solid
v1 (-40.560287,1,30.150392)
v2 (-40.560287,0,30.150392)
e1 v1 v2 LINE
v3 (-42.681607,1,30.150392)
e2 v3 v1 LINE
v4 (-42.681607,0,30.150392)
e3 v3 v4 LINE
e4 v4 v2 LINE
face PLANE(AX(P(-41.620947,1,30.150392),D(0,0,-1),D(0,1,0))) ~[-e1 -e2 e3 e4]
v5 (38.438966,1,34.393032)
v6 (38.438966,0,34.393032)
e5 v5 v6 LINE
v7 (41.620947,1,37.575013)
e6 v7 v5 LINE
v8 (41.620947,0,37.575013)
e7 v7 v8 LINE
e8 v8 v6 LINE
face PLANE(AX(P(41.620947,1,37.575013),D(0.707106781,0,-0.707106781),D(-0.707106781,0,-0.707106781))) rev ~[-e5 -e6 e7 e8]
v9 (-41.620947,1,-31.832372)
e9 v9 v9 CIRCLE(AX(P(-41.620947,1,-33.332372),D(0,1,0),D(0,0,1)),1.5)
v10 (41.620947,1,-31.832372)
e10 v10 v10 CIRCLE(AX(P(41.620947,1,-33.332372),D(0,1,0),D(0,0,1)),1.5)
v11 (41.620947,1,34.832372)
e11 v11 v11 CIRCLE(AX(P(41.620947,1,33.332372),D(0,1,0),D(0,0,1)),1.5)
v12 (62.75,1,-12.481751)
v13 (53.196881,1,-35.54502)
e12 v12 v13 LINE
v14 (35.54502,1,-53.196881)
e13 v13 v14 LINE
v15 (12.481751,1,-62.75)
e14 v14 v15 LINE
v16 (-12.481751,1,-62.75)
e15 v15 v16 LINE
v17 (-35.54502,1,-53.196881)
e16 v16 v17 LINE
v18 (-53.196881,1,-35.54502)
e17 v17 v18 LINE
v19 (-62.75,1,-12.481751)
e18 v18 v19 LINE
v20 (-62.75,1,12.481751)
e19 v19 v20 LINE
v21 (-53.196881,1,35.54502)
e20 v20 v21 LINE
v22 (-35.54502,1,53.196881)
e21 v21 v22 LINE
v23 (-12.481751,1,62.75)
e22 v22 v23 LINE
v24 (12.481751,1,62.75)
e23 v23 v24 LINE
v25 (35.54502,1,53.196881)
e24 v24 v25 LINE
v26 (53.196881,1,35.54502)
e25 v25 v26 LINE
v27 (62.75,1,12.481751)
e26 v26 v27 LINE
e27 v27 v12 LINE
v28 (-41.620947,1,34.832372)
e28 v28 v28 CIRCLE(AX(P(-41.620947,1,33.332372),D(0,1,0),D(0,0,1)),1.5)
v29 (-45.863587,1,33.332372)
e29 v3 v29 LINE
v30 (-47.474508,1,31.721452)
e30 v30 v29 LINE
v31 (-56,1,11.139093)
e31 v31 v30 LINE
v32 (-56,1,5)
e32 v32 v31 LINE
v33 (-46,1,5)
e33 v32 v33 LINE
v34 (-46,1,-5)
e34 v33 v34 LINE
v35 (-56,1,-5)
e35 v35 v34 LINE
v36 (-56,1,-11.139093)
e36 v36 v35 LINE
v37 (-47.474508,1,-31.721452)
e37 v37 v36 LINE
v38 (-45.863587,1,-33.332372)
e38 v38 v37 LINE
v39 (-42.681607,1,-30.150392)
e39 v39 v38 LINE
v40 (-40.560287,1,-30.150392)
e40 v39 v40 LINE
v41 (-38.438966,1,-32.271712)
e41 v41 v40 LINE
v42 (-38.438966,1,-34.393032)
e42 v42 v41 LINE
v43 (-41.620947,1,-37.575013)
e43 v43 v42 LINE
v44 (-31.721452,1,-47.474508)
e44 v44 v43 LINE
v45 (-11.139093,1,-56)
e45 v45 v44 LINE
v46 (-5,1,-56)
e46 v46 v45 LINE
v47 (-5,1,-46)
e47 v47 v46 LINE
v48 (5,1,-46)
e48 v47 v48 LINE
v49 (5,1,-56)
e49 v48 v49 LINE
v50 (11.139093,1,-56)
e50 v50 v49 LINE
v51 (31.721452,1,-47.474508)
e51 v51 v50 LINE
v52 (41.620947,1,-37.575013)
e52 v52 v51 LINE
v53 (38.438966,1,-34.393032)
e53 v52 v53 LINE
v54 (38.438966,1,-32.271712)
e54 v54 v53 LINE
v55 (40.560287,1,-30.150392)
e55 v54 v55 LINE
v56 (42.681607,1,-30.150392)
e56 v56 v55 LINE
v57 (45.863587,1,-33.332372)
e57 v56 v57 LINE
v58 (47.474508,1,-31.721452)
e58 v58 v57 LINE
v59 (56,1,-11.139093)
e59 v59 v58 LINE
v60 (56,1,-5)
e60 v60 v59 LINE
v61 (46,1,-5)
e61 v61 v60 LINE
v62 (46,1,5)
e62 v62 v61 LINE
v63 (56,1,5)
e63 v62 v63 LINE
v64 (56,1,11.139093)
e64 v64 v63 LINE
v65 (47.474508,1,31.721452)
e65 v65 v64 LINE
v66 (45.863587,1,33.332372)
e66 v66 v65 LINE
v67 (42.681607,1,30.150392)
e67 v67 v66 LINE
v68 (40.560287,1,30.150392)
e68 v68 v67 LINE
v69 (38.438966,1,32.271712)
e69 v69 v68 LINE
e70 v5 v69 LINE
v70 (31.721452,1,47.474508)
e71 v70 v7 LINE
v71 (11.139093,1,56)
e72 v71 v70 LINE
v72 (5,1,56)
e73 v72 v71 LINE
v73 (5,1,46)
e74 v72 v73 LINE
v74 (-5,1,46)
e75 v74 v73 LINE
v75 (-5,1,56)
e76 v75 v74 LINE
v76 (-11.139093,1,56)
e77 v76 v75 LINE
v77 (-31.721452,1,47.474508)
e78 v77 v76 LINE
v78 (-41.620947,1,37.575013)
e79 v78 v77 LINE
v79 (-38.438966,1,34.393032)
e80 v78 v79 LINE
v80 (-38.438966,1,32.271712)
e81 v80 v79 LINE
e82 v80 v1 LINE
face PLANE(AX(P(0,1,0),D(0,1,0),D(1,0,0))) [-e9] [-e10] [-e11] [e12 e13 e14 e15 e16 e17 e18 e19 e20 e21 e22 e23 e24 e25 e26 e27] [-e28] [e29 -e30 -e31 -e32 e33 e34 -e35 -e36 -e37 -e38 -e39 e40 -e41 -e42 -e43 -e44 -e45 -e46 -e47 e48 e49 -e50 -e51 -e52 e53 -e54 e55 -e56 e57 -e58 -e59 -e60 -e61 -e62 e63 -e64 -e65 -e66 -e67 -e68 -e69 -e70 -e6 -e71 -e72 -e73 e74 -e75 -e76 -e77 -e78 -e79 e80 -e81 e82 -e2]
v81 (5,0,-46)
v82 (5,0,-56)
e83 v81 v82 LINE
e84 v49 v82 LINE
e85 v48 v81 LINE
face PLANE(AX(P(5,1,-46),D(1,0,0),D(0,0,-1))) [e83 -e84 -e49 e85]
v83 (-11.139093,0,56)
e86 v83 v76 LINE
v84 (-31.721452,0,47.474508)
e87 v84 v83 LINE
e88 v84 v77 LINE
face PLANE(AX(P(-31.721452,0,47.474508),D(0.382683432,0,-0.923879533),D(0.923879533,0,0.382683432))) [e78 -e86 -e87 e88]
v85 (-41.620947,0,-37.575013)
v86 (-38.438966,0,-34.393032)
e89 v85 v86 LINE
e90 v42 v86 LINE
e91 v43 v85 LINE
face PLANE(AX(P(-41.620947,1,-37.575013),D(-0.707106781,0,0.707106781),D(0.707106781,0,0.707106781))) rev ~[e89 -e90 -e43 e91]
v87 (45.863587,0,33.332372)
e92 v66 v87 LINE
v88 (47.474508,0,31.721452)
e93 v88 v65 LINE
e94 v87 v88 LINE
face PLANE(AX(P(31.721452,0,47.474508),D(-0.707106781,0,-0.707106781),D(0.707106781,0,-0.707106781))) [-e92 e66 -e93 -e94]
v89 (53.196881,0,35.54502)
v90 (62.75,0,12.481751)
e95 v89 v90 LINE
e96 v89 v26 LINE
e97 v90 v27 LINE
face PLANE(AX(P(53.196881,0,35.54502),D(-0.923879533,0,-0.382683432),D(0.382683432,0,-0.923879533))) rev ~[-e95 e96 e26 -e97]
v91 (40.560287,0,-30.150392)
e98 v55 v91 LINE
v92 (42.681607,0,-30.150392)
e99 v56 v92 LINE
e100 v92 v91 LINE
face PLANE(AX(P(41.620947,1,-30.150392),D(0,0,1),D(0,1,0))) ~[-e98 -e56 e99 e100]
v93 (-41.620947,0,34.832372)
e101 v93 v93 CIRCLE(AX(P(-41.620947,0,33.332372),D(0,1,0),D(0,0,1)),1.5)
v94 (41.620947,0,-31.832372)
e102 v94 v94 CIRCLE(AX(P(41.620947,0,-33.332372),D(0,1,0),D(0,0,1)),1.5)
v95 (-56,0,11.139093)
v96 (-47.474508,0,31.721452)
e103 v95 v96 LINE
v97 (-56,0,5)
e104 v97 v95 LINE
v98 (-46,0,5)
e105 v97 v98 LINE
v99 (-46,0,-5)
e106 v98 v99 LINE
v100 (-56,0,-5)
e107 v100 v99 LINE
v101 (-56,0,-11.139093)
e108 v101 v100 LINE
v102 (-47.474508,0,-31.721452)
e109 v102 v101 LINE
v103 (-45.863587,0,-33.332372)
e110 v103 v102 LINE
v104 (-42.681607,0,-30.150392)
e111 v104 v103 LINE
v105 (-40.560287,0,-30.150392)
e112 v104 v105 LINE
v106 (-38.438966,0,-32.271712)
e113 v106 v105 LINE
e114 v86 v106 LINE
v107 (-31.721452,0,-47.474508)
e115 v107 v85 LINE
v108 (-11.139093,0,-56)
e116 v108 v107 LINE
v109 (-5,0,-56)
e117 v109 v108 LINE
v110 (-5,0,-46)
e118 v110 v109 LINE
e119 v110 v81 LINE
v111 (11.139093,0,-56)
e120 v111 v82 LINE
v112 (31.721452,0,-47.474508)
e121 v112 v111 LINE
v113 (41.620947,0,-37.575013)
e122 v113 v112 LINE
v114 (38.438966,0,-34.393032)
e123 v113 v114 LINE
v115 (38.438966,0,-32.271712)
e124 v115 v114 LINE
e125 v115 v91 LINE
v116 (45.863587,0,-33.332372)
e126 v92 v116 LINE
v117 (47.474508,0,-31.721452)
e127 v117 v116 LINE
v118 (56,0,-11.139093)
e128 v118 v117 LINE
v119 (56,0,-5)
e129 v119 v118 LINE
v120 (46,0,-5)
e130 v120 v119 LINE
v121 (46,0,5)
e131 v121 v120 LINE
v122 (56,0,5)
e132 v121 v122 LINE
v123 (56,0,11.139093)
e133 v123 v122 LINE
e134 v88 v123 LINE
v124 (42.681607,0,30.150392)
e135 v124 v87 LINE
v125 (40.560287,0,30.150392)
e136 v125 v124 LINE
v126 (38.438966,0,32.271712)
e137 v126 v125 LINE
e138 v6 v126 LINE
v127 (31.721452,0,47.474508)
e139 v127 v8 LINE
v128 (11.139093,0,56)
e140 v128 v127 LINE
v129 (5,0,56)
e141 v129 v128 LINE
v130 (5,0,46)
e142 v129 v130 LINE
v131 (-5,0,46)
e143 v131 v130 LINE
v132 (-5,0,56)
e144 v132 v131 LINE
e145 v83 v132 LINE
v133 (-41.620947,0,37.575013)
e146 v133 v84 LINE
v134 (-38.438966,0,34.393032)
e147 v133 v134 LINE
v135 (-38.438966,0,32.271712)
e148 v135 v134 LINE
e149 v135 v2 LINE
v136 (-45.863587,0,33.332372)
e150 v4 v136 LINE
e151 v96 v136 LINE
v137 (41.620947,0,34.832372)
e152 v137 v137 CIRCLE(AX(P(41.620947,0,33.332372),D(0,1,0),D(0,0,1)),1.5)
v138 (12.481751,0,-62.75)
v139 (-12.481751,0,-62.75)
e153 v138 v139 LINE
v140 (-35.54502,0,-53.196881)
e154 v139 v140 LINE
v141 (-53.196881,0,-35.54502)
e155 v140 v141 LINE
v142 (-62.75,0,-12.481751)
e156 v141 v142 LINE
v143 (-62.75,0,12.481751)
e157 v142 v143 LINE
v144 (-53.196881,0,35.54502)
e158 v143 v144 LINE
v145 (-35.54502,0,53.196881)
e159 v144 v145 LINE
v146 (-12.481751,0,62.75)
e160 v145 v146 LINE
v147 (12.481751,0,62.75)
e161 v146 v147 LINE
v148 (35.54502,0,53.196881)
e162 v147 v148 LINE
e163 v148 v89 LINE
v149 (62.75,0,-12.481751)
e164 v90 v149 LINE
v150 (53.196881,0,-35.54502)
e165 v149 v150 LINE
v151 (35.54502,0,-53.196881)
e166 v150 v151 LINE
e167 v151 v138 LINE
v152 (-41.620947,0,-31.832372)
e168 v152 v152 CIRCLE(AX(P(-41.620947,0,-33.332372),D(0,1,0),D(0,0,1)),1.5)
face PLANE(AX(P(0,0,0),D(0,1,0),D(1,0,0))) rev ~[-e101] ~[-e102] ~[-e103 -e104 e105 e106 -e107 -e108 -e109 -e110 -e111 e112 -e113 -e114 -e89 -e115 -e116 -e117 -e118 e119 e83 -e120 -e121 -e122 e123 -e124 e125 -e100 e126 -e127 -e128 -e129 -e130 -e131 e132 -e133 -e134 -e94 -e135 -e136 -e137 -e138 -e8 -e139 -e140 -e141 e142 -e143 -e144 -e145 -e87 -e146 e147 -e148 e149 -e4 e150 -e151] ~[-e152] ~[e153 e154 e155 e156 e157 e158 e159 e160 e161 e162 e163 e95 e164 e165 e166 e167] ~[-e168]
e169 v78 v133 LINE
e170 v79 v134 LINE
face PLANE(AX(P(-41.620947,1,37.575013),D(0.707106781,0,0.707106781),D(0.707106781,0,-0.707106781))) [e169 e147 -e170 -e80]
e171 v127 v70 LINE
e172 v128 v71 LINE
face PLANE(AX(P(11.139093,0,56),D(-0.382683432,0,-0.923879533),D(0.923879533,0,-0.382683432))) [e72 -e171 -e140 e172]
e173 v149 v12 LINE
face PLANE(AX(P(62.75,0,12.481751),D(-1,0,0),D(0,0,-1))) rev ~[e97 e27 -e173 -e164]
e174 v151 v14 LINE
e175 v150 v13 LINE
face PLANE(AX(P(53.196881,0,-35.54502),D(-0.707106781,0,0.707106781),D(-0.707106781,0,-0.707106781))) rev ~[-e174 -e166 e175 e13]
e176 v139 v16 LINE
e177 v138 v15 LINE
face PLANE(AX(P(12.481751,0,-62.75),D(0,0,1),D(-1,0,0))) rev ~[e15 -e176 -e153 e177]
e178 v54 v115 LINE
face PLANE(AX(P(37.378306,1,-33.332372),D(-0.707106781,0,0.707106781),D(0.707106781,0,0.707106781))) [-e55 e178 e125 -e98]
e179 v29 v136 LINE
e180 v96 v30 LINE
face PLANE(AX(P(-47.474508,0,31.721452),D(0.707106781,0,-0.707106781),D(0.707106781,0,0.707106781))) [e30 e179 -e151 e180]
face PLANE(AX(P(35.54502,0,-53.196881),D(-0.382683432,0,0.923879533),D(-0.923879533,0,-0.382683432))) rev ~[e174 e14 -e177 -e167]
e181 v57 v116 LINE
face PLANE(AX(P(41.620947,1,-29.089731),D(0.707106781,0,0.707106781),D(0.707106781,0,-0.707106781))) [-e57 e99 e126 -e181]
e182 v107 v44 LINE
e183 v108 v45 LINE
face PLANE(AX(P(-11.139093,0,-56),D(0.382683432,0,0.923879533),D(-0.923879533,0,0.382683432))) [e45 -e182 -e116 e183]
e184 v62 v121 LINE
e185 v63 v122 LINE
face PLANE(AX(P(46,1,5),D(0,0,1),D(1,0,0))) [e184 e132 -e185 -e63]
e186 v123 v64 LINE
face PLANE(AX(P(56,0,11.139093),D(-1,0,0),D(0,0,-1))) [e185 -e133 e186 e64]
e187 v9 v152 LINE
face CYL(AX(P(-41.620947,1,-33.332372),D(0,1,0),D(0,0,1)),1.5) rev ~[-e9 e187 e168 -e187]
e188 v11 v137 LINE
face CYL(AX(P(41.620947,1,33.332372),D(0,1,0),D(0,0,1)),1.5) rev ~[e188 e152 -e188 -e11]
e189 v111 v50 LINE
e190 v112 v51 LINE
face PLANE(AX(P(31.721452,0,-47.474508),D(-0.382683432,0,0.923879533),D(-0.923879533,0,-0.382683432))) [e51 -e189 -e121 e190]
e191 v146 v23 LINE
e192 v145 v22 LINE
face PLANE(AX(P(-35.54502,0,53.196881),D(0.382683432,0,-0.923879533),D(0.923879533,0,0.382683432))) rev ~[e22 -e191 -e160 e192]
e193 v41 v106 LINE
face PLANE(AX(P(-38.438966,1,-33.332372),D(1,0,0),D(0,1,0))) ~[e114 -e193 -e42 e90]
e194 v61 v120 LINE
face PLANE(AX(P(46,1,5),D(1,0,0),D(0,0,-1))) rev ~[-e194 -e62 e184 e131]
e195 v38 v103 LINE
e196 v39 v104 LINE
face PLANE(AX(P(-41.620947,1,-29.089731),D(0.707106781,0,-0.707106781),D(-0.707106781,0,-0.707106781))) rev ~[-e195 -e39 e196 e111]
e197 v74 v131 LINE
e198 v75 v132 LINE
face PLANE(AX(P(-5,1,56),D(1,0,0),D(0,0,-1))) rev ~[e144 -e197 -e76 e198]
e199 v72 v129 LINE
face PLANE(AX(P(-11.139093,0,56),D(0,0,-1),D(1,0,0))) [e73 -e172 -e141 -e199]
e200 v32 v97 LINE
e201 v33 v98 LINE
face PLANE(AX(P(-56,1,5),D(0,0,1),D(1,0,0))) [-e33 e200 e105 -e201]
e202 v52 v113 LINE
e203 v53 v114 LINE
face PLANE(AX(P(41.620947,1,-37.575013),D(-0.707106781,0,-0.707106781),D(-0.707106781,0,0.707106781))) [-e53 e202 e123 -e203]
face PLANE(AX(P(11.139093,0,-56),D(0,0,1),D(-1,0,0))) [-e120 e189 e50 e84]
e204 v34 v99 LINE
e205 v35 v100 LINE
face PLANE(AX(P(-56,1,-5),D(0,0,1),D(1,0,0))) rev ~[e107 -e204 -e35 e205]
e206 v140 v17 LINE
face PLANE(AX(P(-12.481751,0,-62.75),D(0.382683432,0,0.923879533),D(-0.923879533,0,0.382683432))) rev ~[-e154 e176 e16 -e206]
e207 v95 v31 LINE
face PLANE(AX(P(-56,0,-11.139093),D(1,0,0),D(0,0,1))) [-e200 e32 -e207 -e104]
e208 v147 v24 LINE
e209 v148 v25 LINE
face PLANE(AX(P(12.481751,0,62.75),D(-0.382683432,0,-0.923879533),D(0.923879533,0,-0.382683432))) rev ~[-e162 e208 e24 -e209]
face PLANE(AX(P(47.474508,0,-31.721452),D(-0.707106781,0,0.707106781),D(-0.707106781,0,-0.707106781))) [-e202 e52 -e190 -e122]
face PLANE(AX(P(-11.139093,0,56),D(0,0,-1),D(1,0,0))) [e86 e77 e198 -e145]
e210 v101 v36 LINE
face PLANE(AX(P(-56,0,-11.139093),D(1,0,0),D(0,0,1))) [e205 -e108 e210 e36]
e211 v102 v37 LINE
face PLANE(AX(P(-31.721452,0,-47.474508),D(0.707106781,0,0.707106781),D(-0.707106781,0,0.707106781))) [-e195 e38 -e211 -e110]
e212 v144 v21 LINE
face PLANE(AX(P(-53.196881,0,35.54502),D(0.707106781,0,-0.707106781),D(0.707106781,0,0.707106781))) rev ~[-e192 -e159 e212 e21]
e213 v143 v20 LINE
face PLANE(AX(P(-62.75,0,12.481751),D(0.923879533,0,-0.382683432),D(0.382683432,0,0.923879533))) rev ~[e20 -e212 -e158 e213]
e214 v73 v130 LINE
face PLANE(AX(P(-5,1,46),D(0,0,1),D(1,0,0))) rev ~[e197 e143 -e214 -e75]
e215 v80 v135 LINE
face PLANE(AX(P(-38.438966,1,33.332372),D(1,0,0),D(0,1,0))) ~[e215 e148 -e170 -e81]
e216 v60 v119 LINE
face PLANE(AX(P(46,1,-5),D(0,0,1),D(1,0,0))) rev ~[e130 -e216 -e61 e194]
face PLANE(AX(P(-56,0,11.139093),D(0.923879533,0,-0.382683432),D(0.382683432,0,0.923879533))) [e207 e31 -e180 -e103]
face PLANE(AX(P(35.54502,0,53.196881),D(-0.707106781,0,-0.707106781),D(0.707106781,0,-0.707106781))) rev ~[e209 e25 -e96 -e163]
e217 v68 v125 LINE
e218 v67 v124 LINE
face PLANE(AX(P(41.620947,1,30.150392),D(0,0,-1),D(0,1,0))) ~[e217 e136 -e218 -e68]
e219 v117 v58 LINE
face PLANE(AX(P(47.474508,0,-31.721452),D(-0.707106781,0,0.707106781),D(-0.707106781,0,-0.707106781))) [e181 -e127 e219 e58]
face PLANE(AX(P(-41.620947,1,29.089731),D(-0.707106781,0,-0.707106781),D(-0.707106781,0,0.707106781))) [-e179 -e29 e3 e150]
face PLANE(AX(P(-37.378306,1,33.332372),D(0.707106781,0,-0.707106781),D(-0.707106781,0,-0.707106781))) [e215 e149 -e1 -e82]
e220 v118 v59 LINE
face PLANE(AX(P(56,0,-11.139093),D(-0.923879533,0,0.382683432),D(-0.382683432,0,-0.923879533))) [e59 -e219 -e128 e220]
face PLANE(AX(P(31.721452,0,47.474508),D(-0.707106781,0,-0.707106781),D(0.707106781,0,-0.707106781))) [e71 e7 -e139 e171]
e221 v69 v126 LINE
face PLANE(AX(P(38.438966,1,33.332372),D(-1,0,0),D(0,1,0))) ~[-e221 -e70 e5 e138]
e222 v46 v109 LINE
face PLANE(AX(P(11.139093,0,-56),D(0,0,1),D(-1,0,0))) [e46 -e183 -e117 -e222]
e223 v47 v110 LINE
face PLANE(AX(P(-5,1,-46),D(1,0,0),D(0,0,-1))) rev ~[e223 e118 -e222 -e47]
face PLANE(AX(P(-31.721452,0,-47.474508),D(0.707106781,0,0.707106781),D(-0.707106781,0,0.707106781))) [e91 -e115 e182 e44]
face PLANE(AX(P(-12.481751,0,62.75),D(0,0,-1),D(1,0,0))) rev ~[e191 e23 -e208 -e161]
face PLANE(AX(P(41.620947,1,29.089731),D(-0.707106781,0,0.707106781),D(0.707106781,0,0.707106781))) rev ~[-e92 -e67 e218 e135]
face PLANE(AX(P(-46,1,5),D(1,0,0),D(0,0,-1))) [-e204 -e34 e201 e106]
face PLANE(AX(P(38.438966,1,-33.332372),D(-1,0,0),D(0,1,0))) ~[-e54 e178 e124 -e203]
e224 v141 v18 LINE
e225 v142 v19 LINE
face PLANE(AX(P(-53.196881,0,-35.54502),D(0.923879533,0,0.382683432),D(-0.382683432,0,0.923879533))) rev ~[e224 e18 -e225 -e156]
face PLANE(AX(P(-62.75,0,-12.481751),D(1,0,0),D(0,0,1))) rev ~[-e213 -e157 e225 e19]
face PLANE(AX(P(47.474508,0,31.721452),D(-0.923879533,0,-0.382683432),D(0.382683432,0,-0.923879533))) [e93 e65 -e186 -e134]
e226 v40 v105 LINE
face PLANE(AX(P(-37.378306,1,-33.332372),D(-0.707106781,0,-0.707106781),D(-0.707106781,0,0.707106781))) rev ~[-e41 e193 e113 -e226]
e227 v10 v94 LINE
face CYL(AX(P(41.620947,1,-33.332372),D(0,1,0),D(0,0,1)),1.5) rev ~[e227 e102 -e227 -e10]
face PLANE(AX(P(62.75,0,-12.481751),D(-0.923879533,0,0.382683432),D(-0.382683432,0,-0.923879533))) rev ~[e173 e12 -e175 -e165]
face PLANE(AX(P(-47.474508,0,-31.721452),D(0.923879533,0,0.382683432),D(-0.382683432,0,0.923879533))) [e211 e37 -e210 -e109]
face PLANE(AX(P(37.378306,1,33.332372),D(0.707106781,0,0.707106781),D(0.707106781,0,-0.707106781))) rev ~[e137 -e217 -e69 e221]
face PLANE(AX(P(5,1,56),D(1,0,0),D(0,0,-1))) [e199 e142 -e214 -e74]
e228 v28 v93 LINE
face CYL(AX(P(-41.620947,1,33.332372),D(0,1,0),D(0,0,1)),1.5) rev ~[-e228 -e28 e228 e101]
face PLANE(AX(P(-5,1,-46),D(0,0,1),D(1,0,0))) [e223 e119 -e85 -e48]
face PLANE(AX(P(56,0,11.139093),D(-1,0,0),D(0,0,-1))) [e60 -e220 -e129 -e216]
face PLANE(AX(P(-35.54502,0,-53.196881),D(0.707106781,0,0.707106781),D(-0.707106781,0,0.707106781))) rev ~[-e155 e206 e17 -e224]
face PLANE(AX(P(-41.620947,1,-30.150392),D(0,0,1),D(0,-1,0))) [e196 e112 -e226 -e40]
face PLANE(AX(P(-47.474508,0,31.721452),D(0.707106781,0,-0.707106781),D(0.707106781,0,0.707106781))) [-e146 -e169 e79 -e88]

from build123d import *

# Parameters (mm, degrees)
BOSS_EXTRUDE1_DEPTH = 1
SKETCH2_W           = 10
SKETCH2_H           = 10
BOSS_EXTRUDE2_DEPTH = 1
SKETCH3_R           = 1.5
BOSS_EXTRUDE3_DEPTH = 1
CHAMFER1_SIZE       = 1.5


with BuildPart() as part:
    # Sketch1 → Boss-Extrude1 (new body)
    with BuildSketch(Plane(origin=(0, 0, 0), x_dir=(1, 0, 0), z_dir=(0, 1, 0))):
        Polygon((62.75, -12.481751053), (62.75, 12.481751053), (53.19688133, 35.545019709), (35.545019709, 53.19688133), (12.481751053, 62.75), (-12.481751053, 62.75), (-35.545019709, 53.19688133), (-53.19688133, 35.545019709), (-62.75, 12.481751053), (-62.75, -12.481751053), (-53.19688133, -35.545019709), (-35.545019709, -53.19688133), (-12.481751053, -62.75), (12.481751053, -62.75), (35.545019709, -53.19688133), (53.19688133, -35.545019709), align=None)
        Polygon((56, -11.139092573), (56, 11.139092573), (47.474507641, 31.721451852), (31.721451852, 47.474507641), (11.139092573, 56), (-11.139092573, 56), (-31.721451852, 47.474507641), (-47.474507641, 31.721451852), (-56, 11.139092573), (-56, -11.139092573), (-47.474507641, -31.721451852), (-31.721451852, -47.474507641), (-11.139092573, -56), (11.139092573, -56), (31.721451852, -47.474507641), (47.474507641, -31.721451852), align=None, mode=Mode.SUBTRACT)
    extrude(amount=BOSS_EXTRUDE1_DEPTH)

    # Sketch2 → Boss-Extrude2 (add)
    with BuildSketch(Plane(origin=(0, 1, 0), x_dir=(1, 0, 0), z_dir=(0, 1, 0))):
        with Locations((0, 51)):
            Rectangle(SKETCH2_W, SKETCH2_H)
        with Locations((51, 0)):
            Rectangle(SKETCH2_W, SKETCH2_H)
        with Locations((0, -51)):
            Rectangle(SKETCH2_W, SKETCH2_H)
        with Locations((-51, 0)):
            Rectangle(SKETCH2_W, SKETCH2_H)
    extrude(amount=-BOSS_EXTRUDE2_DEPTH)

    # Sketch3 → Boss-Extrude3 (add)
    # profile 1 of 4: a face of its own
    with BuildSketch(Plane(origin=(0, 1, 0), x_dir=(1, 0, 0), z_dir=(0, 1, 0))):
        Polygon((-45.863587475, 33.332372018), (-41.620946788, 37.575012705), (-37.378306101, 33.332372018), (-41.620946788, 29.08973133), align=None)
        with Locations(Location((-41.620946788, 33.332372018, 0), (0, 0, 270))):
            Circle(SKETCH3_R, mode=Mode.SUBTRACT)
    # profile 2 of 4: a face of its own
    with BuildSketch(Plane(origin=(0, 1, 0), x_dir=(1, 0, 0), z_dir=(0, 1, 0))):
        Polygon((37.378306101, 33.332372018), (41.620946788, 29.08973133), (45.863587475, 33.332372018), (41.620946788, 37.575012705), align=None)
        with Locations(Location((41.620946788, 33.332372018, 0), (0, 0, 270))):
            Circle(SKETCH3_R, mode=Mode.SUBTRACT)
    # profile 3 of 4: a face of its own
    with BuildSketch(Plane(origin=(0, 1, 0), x_dir=(1, 0, 0), z_dir=(0, 1, 0))):
        Polygon((41.620946788, -37.575012705), (37.378306101, -33.332372018), (41.620946788, -29.08973133), (45.863587475, -33.332372018), align=None)
        with Locations(Location((41.620946788, -33.332372018, 0), (0, 0, 270))):
            Circle(SKETCH3_R, mode=Mode.SUBTRACT)
    # profile 4 of 4: a face of its own
    with BuildSketch(Plane(origin=(0, 1, 0), x_dir=(1, 0, 0), z_dir=(0, 1, 0))):
        Polygon((-37.378306101, -33.332372018), (-41.620946788, -29.08973133), (-45.863587475, -33.332372018), (-41.620946788, -37.575012705), align=None)
        with Locations(Location((-41.620946788, -33.332372018, 0), (0, 0, 270))):
            Circle(SKETCH3_R, mode=Mode.SUBTRACT)
    extrude(amount=-BOSS_EXTRUDE3_DEPTH)

    # Chamfer1
    chamfer1_edges = [part.edges().sort_by_distance(p)[0] for p in [
        (-37.378306101, 0.5, -33.332372018),
        (-41.620946788, 0.5, -29.08973133),
        (41.620946788, 0.5, -29.08973133),
        (37.378306101, 0.5, -33.332372018),
        (41.620946788, 0.5, 29.08973133),
        (37.378306101, 0.5, 33.332372018),
        (-41.620946788, 0.5, 29.08973133),
        (-37.378306101, 0.5, 33.332372018),
    ]]
    chamfer(chamfer1_edges, length=CHAMFER1_SIZE)


solid = part.part
